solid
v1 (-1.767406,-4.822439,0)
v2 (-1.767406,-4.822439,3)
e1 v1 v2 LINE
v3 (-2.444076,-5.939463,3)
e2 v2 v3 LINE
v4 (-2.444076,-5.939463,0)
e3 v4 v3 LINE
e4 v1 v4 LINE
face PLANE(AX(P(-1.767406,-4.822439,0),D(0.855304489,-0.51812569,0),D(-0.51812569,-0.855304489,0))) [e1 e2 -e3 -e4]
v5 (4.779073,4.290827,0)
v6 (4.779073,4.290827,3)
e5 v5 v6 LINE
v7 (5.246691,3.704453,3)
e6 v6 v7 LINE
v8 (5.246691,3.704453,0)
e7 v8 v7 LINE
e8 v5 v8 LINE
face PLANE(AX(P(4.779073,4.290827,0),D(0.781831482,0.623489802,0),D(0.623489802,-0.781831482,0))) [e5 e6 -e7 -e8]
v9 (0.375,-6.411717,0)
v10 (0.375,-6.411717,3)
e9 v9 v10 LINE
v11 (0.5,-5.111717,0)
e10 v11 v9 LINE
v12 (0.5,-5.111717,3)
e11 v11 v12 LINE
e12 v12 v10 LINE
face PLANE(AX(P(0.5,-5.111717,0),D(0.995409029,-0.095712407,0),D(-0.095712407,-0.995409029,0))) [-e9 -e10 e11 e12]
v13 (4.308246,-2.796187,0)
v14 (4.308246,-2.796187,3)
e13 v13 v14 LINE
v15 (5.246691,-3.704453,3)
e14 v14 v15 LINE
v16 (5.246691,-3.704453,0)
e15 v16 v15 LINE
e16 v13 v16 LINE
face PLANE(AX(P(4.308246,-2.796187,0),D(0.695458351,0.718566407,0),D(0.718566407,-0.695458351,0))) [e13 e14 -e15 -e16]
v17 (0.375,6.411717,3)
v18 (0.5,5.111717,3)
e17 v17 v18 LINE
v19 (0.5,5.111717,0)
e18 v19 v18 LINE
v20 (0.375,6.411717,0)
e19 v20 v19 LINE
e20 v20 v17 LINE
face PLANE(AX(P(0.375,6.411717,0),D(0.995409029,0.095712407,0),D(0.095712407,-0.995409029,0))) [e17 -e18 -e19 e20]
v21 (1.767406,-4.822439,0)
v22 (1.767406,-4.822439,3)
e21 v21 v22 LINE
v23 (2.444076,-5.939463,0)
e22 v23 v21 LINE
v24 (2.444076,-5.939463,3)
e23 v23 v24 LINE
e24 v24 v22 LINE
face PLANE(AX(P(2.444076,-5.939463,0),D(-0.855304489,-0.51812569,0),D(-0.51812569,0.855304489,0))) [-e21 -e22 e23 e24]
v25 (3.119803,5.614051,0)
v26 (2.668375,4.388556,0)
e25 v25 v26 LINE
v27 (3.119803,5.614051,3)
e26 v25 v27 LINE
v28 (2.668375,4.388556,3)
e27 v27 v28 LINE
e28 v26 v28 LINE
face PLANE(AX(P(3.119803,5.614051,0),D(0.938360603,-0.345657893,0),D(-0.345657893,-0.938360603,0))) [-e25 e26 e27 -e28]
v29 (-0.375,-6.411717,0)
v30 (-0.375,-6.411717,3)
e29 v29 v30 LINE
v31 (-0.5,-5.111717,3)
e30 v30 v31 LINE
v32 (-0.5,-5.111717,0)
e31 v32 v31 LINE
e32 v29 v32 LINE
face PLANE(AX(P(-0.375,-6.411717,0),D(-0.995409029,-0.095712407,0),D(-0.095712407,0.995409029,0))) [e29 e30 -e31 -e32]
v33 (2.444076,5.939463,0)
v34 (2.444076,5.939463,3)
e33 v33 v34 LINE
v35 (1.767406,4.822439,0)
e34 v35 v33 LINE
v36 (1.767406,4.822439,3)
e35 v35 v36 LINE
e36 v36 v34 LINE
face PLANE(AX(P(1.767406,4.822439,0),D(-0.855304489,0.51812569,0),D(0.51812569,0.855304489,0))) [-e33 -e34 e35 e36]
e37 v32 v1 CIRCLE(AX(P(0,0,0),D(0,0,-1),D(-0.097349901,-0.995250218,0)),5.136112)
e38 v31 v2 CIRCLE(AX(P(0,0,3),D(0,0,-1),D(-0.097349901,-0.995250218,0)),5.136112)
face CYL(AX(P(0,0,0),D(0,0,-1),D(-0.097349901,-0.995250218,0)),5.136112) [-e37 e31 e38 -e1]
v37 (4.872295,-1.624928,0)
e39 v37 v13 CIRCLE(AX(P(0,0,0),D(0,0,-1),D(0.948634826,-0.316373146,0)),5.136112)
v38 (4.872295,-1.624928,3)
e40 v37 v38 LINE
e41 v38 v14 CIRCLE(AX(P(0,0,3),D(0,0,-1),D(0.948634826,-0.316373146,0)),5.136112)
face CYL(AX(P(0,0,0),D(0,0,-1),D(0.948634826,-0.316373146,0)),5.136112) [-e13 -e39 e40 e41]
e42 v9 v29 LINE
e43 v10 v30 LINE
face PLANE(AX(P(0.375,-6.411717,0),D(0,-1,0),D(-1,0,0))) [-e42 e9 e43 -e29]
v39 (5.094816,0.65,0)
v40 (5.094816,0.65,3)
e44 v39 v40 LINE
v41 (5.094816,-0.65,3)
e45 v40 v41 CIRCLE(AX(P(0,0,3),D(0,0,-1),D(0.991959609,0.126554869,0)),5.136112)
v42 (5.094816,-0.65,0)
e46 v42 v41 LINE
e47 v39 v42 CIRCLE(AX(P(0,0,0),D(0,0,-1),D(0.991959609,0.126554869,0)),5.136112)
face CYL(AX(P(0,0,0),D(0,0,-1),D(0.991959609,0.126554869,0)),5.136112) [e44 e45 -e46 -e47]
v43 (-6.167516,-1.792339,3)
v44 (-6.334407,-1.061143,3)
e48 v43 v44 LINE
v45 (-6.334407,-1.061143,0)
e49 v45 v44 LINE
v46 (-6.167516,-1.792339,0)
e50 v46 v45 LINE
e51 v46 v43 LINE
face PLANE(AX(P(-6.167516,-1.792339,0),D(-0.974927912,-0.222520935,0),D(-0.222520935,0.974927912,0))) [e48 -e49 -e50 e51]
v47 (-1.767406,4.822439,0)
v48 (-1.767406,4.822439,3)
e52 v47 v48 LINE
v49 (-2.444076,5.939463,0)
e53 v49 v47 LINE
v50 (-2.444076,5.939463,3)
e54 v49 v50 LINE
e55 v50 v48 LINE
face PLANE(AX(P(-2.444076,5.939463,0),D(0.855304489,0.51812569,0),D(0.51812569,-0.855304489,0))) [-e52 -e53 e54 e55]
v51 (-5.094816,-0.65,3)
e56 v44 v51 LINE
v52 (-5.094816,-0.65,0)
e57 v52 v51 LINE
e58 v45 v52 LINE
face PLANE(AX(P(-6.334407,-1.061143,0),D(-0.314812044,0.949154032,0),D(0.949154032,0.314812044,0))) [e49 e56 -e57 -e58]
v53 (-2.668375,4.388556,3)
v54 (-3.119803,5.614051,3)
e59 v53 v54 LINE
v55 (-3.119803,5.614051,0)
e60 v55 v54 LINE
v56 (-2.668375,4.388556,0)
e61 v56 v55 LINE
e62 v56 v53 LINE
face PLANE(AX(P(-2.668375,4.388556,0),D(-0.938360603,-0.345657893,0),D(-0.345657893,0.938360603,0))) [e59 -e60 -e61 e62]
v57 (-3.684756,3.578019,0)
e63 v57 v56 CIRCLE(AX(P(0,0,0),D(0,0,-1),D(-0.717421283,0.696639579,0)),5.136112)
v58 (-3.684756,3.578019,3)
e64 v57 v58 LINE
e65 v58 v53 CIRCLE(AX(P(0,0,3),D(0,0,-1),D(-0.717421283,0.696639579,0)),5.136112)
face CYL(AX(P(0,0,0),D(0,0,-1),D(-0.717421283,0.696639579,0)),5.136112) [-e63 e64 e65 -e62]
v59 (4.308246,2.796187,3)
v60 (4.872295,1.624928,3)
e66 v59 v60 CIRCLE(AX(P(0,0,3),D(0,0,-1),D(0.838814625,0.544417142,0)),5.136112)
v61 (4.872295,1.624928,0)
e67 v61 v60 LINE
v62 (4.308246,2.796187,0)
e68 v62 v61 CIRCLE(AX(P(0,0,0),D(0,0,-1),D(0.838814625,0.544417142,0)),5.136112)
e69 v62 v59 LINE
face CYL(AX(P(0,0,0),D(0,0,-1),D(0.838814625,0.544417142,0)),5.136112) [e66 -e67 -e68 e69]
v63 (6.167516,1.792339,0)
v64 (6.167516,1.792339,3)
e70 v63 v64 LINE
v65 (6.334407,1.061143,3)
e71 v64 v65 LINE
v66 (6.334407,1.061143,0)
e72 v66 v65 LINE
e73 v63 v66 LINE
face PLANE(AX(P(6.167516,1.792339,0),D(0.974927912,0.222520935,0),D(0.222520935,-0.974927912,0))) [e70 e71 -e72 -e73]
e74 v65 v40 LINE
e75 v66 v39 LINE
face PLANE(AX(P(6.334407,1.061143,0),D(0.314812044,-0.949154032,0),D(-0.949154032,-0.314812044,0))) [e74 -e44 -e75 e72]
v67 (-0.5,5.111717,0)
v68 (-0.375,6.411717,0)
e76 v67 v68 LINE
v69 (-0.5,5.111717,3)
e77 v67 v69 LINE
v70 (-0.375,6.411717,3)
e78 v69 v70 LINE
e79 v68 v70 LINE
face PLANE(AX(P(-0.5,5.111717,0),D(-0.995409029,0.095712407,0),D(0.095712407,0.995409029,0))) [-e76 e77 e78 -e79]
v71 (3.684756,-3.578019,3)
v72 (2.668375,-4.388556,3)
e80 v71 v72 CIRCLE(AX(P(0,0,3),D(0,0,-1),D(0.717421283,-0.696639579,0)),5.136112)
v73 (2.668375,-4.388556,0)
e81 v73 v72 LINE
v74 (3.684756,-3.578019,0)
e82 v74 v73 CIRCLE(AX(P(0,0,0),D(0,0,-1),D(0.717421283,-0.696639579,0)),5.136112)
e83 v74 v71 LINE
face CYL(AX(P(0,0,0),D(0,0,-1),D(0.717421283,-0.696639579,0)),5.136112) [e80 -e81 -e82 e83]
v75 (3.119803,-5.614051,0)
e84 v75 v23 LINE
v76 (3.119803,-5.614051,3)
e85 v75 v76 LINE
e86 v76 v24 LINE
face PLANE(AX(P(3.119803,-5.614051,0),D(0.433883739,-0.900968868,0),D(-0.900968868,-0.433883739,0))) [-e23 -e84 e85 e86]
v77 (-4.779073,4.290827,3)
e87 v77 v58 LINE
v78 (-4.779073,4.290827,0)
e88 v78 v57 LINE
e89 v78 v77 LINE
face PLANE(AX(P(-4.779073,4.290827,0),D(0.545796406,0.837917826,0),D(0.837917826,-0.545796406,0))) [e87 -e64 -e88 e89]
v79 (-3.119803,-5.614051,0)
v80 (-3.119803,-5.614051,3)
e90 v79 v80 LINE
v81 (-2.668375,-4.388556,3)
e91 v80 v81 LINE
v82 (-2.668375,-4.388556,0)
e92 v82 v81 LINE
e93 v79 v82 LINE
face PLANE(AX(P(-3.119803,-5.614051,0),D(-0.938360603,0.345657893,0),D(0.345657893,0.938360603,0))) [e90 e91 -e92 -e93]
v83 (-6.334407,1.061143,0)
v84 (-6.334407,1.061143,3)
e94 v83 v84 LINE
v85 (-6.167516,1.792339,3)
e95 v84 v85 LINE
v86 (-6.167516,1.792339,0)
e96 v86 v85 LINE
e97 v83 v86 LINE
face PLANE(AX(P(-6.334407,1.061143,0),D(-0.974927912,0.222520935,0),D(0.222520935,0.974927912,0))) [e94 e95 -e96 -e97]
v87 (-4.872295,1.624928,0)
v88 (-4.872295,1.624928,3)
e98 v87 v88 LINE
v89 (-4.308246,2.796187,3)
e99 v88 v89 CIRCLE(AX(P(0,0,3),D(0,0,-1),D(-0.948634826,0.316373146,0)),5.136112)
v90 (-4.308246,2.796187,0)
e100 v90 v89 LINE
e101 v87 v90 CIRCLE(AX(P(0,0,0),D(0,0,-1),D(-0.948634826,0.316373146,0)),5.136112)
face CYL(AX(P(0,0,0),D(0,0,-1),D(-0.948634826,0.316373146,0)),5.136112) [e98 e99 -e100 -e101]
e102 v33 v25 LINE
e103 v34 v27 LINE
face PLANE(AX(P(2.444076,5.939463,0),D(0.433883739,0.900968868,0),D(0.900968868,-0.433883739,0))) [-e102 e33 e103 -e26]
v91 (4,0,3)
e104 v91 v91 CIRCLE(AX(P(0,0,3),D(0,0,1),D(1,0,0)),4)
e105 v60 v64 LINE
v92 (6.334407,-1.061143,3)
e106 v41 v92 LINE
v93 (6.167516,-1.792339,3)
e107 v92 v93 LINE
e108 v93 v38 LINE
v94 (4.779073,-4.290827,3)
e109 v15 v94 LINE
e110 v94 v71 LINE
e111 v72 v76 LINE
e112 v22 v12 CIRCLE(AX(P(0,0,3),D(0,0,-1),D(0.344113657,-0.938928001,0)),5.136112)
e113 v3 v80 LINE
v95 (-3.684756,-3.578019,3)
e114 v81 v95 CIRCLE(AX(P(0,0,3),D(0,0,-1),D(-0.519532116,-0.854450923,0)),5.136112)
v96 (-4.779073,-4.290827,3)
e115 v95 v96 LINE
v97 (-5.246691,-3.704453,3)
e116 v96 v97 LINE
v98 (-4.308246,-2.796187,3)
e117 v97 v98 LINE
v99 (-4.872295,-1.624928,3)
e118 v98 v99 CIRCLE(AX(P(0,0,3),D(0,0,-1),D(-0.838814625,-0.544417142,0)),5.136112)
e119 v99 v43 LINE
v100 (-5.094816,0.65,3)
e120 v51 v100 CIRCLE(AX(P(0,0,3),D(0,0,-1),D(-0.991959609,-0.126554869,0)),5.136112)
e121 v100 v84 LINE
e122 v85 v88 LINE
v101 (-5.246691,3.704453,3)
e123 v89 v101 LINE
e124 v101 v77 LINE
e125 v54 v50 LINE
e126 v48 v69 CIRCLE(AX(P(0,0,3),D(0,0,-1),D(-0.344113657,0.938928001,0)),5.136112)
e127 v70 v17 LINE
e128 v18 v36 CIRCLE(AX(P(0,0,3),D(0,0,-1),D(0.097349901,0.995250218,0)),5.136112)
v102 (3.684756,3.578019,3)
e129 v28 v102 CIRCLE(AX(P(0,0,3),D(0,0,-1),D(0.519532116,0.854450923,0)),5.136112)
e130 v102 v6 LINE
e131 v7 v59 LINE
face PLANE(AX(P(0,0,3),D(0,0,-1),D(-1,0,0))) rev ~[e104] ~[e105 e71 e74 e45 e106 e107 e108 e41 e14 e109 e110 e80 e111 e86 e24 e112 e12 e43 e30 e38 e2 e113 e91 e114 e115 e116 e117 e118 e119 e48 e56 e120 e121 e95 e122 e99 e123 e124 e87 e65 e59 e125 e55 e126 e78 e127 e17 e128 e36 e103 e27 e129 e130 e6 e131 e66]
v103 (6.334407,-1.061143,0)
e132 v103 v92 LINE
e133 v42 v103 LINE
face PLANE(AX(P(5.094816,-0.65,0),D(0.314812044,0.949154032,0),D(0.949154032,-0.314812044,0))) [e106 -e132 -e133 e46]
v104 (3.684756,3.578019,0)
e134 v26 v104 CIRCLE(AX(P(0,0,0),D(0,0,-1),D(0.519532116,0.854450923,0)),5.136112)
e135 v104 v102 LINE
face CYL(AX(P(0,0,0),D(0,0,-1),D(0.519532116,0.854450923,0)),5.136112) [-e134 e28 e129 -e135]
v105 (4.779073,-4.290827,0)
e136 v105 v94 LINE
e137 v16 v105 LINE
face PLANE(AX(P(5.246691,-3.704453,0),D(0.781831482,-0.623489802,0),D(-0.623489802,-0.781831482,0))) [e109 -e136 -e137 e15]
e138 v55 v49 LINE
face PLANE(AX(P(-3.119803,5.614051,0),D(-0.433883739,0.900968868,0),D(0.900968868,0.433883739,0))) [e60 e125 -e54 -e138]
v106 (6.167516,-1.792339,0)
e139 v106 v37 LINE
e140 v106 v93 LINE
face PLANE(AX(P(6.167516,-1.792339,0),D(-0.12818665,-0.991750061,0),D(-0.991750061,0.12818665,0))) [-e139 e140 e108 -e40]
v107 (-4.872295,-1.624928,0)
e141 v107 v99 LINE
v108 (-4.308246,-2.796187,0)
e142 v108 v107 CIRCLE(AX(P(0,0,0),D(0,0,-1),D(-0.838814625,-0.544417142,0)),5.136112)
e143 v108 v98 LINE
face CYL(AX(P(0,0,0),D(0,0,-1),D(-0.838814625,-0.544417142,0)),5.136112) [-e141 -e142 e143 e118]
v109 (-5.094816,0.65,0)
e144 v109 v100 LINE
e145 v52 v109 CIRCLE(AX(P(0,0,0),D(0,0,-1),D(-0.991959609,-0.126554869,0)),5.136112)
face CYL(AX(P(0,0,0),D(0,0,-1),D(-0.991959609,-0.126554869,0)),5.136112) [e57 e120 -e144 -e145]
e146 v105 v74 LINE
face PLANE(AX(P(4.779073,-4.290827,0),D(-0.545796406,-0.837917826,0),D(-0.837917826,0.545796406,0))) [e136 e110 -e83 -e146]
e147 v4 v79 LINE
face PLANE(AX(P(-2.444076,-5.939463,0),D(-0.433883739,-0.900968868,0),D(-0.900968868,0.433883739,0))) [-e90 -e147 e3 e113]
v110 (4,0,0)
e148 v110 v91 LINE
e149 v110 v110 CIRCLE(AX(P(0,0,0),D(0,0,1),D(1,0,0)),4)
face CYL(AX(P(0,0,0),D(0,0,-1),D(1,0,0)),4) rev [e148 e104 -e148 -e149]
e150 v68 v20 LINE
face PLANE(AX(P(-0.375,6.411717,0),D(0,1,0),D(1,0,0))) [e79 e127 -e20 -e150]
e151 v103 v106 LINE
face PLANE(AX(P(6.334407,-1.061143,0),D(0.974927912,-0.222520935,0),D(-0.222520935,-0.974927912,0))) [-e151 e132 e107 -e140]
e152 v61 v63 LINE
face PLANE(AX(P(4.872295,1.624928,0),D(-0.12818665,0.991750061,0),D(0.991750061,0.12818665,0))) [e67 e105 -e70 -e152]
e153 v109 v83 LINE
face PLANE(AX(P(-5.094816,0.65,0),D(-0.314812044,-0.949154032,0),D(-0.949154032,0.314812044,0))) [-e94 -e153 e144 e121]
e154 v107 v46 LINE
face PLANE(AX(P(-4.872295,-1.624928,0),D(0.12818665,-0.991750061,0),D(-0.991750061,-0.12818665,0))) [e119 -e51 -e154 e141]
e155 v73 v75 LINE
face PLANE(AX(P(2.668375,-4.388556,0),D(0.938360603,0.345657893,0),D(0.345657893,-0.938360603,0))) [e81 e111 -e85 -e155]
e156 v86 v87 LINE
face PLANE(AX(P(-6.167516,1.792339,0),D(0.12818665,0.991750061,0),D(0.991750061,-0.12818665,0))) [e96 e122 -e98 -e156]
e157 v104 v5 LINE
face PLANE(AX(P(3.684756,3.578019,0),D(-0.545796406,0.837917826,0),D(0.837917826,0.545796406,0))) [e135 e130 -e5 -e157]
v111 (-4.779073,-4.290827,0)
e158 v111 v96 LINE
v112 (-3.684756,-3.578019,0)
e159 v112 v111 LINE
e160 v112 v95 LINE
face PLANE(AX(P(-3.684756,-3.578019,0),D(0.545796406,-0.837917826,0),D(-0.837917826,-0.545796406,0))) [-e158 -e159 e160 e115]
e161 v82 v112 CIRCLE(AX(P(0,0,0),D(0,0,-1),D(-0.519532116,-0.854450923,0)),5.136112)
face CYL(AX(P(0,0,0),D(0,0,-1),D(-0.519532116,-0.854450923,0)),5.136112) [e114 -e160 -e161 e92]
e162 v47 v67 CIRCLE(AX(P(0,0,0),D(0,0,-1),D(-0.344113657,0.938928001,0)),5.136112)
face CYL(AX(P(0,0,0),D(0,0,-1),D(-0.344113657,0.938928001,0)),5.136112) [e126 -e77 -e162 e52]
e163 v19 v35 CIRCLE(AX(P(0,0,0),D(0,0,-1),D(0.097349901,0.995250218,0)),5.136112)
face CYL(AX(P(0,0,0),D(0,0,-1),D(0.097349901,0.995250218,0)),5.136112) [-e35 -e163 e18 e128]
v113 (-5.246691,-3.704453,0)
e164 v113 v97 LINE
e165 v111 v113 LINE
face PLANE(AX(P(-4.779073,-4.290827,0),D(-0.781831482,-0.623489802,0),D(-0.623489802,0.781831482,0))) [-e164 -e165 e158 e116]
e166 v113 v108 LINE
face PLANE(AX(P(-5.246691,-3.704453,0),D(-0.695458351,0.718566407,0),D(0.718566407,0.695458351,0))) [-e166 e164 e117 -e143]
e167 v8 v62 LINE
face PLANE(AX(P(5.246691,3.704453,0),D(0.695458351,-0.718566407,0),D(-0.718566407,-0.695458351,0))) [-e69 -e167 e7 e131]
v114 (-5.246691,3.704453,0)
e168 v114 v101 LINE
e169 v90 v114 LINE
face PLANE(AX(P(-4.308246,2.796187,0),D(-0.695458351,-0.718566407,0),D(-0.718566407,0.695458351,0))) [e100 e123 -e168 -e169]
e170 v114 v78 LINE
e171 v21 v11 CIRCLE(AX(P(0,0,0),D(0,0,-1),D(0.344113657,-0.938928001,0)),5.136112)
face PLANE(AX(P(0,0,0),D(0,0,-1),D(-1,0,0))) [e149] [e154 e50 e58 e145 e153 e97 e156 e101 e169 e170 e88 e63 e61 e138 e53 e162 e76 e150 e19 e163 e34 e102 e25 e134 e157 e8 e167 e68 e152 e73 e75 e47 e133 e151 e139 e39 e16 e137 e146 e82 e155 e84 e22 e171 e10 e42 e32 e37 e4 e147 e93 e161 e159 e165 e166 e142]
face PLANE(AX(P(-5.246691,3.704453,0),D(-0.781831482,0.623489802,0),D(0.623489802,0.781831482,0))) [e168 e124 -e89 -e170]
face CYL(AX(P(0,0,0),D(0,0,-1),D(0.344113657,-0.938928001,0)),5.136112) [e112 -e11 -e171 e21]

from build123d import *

# Parameters (mm, degrees)
CROQUIS1_R              = 4
SALIENTE_EXTRUIR1_DEPTH = 3


with BuildPart() as part:
    # Croquis1 → Saliente-Extruir1 (new body)
    with BuildSketch(Plane.XY):
        with BuildLine():
            Line((-0.5, 5.111716619), (-0.375, 6.411716619))
            Line((-0.375, 6.411716619), (0.375, 6.411716619))
            Line((0.375, 6.411716619), (0.5, 5.111716619))
            ThreePointArc((0.5, 5.111716619), (1.142892446, 5.007338979), (1.767406286, 4.822439404))
            Line((1.767406286, 4.822439404), (2.444076255, 5.939463465))
            Line((2.444076255, 5.939463465), (3.119802906, 5.614050661))
            Line((3.119802906, 5.614050661), (2.668375154, 4.388555665))
            ThreePointArc((2.668375154, 4.388555665), (3.202313472, 4.015574083), (3.684756081, 3.578018923))
            Line((3.684756081, 3.578018923), (4.779073233, 4.29082673))
            Line((4.779073233, 4.29082673), (5.246690585, 3.704453118))
            Line((5.246690585, 3.704453118), (4.308245883, 2.79618744))
            ThreePointArc((4.308245883, 2.79618744), (4.627477041, 2.228475492), (4.872294744, 1.624927912))
            Line((4.872294744, 1.624927912), (6.167516146, 1.792339137))
            Line((6.167516146, 1.792339137), (6.334406847, 1.061143203))
            Line((6.334406847, 1.061143203), (5.094815678, 0.65))
            ThreePointArc((5.094815678, 0.65), (5.13611203, 0), (5.094815678, -0.65))
            Line((5.094815678, -0.65), (6.334406847, -1.061143203))
            Line((6.334406847, -1.061143203), (6.167516146, -1.792339137))
            Line((6.167516146, -1.792339137), (4.872294744, -1.624927912))
            ThreePointArc((4.872294744, -1.624927912), (4.627477041, -2.228475492), (4.308245883, -2.79618744))
            Line((4.308245883, -2.79618744), (5.246690585, -3.704453118))
            Line((5.246690585, -3.704453118), (4.779073233, -4.29082673))
            Line((4.779073233, -4.29082673), (3.684756081, -3.578018923))
            ThreePointArc((3.684756081, -3.578018923), (3.202313472, -4.015574083), (2.668375154, -4.388555665))
            Line((2.668375154, -4.388555665), (3.119802906, -5.614050661))
            Line((3.119802906, -5.614050661), (2.444076255, -5.939463465))
            Line((2.444076255, -5.939463465), (1.767406286, -4.822439404))
            ThreePointArc((1.767406286, -4.822439404), (1.142892446, -5.007338979), (0.5, -5.111716619))
            Line((0.5, -5.111716619), (0.375, -6.411716619))
            Line((0.375, -6.411716619), (-0.375, -6.411716619))
            Line((-0.375, -6.411716619), (-0.5, -5.111716619))
            ThreePointArc((-0.5, -5.111716619), (-1.142892446, -5.007338979), (-1.767406286, -4.822439404))
            Line((-1.767406286, -4.822439404), (-2.444076255, -5.939463465))
            Line((-2.444076255, -5.939463465), (-3.119802906, -5.614050661))
            Line((-3.119802906, -5.614050661), (-2.668375154, -4.388555665))
            ThreePointArc((-2.668375154, -4.388555665), (-3.202313472, -4.015574083), (-3.684756081, -3.578018923))
            Line((-3.684756081, -3.578018923), (-4.779073233, -4.29082673))
            Line((-4.779073233, -4.29082673), (-5.246690585, -3.704453118))
            Line((-5.246690585, -3.704453118), (-4.308245883, -2.79618744))
            ThreePointArc((-4.308245883, -2.79618744), (-4.627477041, -2.228475492), (-4.872294744, -1.624927912))
            Line((-4.872294744, -1.624927912), (-6.167516146, -1.792339137))
            Line((-6.167516146, -1.792339137), (-6.334406847, -1.061143203))
            Line((-6.334406847, -1.061143203), (-5.094815678, -0.65))
            ThreePointArc((-5.094815678, -0.65), (-5.13611203, 0), (-5.094815678, 0.65))
            Line((-5.094815678, 0.65), (-6.334406847, 1.061143203))
            Line((-6.334406847, 1.061143203), (-6.167516146, 1.792339137))
            Line((-6.167516146, 1.792339137), (-4.872294744, 1.624927912))
            ThreePointArc((-4.872294744, 1.624927912), (-4.627477041, 2.228475492), (-4.308245883, 2.79618744))
            Line((-4.308245883, 2.79618744), (-5.246690585, 3.704453118))
            Line((-5.246690585, 3.704453118), (-4.779073233, 4.29082673))
            Line((-4.779073233, 4.29082673), (-3.684756081, 3.578018923))
            ThreePointArc((-3.684756081, 3.578018923), (-3.202313472, 4.015574083), (-2.668375154, 4.388555665))
            Line((-2.668375154, 4.388555665), (-3.119802906, 5.614050661))
            Line((-3.119802906, 5.614050661), (-2.444076255, 5.939463465))
            Line((-2.444076255, 5.939463465), (-1.767406286, 4.822439404))
            ThreePointArc((-1.767406286, 4.822439404), (-1.142892446, 5.007338979), (-0.5, 5.111716619))
        make_face()
        Circle(CROQUIS1_R, mode=Mode.SUBTRACT)
    extrude(amount=SALIENTE_EXTRUIR1_DEPTH)


solid = part.part
